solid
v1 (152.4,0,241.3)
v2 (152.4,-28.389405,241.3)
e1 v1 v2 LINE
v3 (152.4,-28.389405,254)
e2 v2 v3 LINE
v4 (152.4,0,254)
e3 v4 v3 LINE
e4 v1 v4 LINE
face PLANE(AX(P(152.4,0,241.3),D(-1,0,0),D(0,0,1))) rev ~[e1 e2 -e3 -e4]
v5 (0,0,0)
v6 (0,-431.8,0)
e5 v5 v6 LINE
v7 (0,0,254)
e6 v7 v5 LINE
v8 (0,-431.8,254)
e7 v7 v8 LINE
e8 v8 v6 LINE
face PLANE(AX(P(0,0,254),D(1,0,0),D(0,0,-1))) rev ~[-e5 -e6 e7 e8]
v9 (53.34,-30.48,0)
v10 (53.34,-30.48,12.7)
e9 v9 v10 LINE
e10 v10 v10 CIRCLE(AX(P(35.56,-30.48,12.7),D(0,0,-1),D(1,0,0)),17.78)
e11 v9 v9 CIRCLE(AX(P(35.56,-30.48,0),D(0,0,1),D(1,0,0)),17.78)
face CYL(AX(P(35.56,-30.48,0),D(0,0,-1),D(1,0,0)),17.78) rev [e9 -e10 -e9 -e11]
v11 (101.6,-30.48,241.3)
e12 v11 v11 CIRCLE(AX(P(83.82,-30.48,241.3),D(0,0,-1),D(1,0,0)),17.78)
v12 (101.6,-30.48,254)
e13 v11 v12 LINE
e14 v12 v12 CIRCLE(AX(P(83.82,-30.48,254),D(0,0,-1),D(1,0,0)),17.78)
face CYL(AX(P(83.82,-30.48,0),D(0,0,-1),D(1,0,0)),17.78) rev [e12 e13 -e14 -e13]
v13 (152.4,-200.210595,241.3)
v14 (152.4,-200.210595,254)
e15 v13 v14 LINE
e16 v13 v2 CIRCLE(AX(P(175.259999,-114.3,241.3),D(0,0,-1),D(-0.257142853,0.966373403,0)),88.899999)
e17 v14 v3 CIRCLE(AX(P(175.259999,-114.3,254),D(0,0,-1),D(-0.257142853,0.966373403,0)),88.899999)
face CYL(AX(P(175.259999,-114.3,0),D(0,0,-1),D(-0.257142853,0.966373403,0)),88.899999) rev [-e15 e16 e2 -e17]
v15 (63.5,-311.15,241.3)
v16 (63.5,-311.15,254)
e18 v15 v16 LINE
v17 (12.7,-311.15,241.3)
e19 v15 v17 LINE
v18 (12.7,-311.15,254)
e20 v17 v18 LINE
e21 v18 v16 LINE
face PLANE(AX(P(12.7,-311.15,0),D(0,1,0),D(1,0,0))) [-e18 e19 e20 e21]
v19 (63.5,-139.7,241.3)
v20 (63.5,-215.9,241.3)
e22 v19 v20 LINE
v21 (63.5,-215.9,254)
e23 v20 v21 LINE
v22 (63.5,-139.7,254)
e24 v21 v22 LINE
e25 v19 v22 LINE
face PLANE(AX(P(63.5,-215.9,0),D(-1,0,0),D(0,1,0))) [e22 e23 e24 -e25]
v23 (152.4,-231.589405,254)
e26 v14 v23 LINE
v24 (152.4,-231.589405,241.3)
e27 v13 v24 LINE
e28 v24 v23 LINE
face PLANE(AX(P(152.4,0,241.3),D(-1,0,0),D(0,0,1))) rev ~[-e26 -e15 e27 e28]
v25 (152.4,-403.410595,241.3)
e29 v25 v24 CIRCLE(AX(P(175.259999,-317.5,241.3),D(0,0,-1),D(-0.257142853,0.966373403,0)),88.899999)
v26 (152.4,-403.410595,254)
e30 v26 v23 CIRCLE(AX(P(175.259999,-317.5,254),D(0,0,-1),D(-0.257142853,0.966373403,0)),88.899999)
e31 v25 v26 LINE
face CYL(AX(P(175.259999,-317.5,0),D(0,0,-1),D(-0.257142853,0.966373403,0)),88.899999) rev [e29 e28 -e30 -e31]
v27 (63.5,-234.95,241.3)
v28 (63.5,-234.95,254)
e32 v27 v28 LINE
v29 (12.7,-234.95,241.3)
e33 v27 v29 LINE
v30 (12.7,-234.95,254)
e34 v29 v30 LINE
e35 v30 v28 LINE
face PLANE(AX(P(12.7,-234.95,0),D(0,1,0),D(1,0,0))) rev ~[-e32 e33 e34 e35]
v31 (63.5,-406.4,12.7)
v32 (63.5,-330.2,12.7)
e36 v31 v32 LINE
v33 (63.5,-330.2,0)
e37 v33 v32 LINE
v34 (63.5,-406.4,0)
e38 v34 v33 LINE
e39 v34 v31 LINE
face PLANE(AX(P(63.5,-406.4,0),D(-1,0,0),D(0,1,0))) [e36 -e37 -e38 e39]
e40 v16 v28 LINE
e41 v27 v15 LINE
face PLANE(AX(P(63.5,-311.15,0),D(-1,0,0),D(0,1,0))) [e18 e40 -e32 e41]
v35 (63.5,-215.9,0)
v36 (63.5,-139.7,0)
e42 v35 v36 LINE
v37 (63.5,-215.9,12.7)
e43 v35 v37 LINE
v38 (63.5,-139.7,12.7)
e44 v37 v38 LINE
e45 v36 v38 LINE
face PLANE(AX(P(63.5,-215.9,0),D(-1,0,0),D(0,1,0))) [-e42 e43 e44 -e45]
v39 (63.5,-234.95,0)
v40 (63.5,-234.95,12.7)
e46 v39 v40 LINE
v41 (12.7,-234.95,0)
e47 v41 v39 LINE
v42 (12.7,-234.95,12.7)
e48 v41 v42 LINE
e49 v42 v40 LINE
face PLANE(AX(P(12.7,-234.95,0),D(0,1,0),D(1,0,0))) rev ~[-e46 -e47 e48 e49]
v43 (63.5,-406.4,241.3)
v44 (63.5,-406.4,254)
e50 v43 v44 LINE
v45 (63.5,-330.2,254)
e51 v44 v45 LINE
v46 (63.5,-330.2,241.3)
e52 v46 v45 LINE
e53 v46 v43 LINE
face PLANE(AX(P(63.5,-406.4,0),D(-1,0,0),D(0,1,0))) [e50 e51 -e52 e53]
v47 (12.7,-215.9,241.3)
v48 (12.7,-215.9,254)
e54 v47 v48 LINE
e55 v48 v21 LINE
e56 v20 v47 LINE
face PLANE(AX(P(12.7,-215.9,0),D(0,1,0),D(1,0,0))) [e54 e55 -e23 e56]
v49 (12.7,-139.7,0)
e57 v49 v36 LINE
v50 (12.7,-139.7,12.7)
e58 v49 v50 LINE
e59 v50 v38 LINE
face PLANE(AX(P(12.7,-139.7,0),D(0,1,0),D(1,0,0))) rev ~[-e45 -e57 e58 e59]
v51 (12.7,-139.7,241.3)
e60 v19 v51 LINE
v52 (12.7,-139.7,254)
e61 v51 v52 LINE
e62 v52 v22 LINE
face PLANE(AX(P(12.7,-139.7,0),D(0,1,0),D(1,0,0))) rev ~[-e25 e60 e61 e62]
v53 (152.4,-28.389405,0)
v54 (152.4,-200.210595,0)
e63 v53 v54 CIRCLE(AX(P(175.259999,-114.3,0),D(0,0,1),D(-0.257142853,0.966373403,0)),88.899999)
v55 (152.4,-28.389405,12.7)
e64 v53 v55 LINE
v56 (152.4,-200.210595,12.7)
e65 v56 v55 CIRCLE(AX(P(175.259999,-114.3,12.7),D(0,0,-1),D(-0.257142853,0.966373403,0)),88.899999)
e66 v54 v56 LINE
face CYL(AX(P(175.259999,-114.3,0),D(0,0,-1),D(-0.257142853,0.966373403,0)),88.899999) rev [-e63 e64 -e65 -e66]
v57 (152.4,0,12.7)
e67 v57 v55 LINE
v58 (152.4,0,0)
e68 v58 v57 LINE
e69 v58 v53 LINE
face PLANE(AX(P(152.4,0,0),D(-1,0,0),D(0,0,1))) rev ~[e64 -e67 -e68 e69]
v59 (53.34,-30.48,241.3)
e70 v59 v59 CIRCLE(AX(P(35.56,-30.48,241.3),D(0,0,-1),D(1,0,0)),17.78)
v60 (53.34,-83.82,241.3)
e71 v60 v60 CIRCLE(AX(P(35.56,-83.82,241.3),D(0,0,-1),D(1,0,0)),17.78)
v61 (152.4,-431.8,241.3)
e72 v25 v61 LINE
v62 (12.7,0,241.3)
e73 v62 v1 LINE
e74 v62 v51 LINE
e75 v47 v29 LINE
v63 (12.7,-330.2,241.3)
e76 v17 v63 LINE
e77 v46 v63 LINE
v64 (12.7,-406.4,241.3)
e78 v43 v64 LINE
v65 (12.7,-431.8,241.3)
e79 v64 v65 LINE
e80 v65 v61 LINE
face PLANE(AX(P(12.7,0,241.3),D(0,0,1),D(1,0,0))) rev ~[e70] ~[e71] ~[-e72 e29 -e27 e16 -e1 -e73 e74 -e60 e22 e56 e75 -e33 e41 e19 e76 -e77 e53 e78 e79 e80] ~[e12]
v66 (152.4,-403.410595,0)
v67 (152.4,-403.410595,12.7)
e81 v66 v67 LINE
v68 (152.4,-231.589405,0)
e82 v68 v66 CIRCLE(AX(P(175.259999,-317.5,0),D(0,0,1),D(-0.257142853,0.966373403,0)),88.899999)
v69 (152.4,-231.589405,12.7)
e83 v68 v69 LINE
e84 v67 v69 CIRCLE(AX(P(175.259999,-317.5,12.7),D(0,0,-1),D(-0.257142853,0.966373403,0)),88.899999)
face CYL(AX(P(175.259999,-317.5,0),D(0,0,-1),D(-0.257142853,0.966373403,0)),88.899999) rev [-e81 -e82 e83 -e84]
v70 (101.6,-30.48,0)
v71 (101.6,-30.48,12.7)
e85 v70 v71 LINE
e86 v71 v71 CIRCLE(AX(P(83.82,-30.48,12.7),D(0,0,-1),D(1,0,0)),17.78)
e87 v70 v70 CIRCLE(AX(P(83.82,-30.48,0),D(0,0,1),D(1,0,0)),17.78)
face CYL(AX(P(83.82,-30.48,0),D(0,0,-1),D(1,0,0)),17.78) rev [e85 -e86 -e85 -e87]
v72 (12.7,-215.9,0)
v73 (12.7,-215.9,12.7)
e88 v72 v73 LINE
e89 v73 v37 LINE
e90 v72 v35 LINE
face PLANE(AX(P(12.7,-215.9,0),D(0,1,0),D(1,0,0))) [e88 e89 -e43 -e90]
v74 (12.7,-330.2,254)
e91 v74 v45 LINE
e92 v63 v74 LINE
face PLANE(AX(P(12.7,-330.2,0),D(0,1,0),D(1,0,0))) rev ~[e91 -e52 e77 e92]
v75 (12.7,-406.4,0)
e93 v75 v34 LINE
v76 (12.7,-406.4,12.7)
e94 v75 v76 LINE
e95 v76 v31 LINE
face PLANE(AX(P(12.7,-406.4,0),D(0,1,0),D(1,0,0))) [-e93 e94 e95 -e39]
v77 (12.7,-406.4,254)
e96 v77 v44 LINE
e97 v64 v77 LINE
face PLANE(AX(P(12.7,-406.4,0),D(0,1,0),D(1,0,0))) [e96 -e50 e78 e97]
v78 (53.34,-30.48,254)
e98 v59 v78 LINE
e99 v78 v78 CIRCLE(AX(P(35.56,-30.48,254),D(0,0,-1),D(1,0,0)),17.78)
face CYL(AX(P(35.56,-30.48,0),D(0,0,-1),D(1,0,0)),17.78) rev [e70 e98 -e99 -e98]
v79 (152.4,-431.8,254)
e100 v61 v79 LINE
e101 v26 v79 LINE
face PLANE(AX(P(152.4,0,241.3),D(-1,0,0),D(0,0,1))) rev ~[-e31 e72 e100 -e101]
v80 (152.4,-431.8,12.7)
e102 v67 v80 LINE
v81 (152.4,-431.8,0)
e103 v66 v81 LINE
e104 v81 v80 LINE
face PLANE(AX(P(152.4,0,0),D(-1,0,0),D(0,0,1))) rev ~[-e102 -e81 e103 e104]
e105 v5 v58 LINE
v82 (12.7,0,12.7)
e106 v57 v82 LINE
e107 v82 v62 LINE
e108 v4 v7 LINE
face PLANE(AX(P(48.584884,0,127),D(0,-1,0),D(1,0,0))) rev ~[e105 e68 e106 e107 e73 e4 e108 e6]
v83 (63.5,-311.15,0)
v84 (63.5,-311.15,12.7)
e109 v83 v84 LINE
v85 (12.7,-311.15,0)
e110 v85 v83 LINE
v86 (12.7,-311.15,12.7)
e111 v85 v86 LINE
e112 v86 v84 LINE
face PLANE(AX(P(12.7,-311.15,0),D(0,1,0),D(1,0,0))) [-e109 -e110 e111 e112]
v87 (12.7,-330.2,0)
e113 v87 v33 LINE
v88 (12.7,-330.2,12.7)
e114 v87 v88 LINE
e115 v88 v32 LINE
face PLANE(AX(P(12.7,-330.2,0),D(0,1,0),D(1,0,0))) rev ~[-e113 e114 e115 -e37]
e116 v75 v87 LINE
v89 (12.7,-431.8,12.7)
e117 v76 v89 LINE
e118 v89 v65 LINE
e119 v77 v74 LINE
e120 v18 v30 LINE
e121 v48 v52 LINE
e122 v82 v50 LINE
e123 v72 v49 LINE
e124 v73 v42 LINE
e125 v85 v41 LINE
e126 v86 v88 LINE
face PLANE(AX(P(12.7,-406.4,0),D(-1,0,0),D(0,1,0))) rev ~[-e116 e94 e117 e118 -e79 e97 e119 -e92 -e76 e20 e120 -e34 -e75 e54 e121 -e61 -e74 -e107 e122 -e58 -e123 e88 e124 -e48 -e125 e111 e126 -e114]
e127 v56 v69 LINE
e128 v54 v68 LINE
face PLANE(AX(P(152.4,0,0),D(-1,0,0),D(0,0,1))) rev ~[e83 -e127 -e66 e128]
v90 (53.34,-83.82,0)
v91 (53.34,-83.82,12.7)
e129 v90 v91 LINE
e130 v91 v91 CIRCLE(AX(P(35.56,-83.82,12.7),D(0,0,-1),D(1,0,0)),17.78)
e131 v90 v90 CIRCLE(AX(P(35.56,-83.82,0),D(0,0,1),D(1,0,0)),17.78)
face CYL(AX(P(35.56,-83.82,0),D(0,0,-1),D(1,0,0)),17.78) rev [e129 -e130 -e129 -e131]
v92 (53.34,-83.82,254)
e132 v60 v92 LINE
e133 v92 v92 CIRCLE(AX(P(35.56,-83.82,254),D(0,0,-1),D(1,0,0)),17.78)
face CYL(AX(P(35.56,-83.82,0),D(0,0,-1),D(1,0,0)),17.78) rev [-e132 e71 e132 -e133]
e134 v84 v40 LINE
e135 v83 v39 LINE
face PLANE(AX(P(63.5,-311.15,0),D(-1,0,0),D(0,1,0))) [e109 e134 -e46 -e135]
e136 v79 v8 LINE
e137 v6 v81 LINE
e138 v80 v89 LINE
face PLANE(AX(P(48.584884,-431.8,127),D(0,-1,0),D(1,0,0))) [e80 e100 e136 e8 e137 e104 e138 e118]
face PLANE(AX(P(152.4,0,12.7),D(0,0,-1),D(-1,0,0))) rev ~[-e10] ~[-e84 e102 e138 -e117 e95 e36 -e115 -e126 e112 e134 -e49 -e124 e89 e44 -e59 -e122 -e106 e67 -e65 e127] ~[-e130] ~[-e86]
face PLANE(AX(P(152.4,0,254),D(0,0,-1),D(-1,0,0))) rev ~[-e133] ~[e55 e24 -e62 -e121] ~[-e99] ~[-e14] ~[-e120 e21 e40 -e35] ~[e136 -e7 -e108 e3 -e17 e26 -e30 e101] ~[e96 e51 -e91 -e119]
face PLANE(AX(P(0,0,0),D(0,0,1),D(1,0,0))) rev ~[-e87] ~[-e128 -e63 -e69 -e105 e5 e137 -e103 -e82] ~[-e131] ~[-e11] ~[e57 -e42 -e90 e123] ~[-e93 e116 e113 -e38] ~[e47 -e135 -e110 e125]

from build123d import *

# Parameters (mm, degrees)
F1_DEPTH = 431.8
F2_W     = 50.8
F2_H     = 76.2
F2_R     = 17.78
F3_DEPTH = 254.001


with BuildPart() as f1:
    # F0 (on Front) → F1 (new body)
    with BuildSketch(Plane.XZ):
        Polygon((0, 254), (0, 0), (152.4, 0), (152.4, 12.7), (12.7, 12.7), (12.7, 241.3), (152.4, 241.3), (152.4, 254), align=None)
    extrude(amount=F1_DEPTH)

    # F2 (on Top) → F3 (cut, through all)
    with BuildSketch(Plane.XY):
        with BuildLine():
            Line((152.4, -403.410595), (152.4, -231.589405))
            ThreePointArc((152.4, -231.589405), (86.36, -317.5), (152.4, -403.410595))
        make_face()
        with BuildLine():
            Line((152.4, -200.210595), (152.4, -28.389405))
            ThreePointArc((152.4, -28.389405), (86.36, -114.3), (152.4, -200.210595))
        make_face()
        with Locations((38.1, -368.3)):
            Rectangle(F2_W, F2_H)
        with Locations((38.1, -273.05)):
            Rectangle(F2_W, F2_H)
        with Locations((38.1, -177.8)):
            Rectangle(F2_W, F2_H)
        with Locations((35.56, -83.82)):
            Circle(F2_R)
        with Locations((35.56, -30.48)):
            Circle(F2_R)
        with Locations((83.82, -30.48)):
            Circle(F2_R)
    extrude(amount=F3_DEPTH, mode=Mode.SUBTRACT)


solid = f1.part
